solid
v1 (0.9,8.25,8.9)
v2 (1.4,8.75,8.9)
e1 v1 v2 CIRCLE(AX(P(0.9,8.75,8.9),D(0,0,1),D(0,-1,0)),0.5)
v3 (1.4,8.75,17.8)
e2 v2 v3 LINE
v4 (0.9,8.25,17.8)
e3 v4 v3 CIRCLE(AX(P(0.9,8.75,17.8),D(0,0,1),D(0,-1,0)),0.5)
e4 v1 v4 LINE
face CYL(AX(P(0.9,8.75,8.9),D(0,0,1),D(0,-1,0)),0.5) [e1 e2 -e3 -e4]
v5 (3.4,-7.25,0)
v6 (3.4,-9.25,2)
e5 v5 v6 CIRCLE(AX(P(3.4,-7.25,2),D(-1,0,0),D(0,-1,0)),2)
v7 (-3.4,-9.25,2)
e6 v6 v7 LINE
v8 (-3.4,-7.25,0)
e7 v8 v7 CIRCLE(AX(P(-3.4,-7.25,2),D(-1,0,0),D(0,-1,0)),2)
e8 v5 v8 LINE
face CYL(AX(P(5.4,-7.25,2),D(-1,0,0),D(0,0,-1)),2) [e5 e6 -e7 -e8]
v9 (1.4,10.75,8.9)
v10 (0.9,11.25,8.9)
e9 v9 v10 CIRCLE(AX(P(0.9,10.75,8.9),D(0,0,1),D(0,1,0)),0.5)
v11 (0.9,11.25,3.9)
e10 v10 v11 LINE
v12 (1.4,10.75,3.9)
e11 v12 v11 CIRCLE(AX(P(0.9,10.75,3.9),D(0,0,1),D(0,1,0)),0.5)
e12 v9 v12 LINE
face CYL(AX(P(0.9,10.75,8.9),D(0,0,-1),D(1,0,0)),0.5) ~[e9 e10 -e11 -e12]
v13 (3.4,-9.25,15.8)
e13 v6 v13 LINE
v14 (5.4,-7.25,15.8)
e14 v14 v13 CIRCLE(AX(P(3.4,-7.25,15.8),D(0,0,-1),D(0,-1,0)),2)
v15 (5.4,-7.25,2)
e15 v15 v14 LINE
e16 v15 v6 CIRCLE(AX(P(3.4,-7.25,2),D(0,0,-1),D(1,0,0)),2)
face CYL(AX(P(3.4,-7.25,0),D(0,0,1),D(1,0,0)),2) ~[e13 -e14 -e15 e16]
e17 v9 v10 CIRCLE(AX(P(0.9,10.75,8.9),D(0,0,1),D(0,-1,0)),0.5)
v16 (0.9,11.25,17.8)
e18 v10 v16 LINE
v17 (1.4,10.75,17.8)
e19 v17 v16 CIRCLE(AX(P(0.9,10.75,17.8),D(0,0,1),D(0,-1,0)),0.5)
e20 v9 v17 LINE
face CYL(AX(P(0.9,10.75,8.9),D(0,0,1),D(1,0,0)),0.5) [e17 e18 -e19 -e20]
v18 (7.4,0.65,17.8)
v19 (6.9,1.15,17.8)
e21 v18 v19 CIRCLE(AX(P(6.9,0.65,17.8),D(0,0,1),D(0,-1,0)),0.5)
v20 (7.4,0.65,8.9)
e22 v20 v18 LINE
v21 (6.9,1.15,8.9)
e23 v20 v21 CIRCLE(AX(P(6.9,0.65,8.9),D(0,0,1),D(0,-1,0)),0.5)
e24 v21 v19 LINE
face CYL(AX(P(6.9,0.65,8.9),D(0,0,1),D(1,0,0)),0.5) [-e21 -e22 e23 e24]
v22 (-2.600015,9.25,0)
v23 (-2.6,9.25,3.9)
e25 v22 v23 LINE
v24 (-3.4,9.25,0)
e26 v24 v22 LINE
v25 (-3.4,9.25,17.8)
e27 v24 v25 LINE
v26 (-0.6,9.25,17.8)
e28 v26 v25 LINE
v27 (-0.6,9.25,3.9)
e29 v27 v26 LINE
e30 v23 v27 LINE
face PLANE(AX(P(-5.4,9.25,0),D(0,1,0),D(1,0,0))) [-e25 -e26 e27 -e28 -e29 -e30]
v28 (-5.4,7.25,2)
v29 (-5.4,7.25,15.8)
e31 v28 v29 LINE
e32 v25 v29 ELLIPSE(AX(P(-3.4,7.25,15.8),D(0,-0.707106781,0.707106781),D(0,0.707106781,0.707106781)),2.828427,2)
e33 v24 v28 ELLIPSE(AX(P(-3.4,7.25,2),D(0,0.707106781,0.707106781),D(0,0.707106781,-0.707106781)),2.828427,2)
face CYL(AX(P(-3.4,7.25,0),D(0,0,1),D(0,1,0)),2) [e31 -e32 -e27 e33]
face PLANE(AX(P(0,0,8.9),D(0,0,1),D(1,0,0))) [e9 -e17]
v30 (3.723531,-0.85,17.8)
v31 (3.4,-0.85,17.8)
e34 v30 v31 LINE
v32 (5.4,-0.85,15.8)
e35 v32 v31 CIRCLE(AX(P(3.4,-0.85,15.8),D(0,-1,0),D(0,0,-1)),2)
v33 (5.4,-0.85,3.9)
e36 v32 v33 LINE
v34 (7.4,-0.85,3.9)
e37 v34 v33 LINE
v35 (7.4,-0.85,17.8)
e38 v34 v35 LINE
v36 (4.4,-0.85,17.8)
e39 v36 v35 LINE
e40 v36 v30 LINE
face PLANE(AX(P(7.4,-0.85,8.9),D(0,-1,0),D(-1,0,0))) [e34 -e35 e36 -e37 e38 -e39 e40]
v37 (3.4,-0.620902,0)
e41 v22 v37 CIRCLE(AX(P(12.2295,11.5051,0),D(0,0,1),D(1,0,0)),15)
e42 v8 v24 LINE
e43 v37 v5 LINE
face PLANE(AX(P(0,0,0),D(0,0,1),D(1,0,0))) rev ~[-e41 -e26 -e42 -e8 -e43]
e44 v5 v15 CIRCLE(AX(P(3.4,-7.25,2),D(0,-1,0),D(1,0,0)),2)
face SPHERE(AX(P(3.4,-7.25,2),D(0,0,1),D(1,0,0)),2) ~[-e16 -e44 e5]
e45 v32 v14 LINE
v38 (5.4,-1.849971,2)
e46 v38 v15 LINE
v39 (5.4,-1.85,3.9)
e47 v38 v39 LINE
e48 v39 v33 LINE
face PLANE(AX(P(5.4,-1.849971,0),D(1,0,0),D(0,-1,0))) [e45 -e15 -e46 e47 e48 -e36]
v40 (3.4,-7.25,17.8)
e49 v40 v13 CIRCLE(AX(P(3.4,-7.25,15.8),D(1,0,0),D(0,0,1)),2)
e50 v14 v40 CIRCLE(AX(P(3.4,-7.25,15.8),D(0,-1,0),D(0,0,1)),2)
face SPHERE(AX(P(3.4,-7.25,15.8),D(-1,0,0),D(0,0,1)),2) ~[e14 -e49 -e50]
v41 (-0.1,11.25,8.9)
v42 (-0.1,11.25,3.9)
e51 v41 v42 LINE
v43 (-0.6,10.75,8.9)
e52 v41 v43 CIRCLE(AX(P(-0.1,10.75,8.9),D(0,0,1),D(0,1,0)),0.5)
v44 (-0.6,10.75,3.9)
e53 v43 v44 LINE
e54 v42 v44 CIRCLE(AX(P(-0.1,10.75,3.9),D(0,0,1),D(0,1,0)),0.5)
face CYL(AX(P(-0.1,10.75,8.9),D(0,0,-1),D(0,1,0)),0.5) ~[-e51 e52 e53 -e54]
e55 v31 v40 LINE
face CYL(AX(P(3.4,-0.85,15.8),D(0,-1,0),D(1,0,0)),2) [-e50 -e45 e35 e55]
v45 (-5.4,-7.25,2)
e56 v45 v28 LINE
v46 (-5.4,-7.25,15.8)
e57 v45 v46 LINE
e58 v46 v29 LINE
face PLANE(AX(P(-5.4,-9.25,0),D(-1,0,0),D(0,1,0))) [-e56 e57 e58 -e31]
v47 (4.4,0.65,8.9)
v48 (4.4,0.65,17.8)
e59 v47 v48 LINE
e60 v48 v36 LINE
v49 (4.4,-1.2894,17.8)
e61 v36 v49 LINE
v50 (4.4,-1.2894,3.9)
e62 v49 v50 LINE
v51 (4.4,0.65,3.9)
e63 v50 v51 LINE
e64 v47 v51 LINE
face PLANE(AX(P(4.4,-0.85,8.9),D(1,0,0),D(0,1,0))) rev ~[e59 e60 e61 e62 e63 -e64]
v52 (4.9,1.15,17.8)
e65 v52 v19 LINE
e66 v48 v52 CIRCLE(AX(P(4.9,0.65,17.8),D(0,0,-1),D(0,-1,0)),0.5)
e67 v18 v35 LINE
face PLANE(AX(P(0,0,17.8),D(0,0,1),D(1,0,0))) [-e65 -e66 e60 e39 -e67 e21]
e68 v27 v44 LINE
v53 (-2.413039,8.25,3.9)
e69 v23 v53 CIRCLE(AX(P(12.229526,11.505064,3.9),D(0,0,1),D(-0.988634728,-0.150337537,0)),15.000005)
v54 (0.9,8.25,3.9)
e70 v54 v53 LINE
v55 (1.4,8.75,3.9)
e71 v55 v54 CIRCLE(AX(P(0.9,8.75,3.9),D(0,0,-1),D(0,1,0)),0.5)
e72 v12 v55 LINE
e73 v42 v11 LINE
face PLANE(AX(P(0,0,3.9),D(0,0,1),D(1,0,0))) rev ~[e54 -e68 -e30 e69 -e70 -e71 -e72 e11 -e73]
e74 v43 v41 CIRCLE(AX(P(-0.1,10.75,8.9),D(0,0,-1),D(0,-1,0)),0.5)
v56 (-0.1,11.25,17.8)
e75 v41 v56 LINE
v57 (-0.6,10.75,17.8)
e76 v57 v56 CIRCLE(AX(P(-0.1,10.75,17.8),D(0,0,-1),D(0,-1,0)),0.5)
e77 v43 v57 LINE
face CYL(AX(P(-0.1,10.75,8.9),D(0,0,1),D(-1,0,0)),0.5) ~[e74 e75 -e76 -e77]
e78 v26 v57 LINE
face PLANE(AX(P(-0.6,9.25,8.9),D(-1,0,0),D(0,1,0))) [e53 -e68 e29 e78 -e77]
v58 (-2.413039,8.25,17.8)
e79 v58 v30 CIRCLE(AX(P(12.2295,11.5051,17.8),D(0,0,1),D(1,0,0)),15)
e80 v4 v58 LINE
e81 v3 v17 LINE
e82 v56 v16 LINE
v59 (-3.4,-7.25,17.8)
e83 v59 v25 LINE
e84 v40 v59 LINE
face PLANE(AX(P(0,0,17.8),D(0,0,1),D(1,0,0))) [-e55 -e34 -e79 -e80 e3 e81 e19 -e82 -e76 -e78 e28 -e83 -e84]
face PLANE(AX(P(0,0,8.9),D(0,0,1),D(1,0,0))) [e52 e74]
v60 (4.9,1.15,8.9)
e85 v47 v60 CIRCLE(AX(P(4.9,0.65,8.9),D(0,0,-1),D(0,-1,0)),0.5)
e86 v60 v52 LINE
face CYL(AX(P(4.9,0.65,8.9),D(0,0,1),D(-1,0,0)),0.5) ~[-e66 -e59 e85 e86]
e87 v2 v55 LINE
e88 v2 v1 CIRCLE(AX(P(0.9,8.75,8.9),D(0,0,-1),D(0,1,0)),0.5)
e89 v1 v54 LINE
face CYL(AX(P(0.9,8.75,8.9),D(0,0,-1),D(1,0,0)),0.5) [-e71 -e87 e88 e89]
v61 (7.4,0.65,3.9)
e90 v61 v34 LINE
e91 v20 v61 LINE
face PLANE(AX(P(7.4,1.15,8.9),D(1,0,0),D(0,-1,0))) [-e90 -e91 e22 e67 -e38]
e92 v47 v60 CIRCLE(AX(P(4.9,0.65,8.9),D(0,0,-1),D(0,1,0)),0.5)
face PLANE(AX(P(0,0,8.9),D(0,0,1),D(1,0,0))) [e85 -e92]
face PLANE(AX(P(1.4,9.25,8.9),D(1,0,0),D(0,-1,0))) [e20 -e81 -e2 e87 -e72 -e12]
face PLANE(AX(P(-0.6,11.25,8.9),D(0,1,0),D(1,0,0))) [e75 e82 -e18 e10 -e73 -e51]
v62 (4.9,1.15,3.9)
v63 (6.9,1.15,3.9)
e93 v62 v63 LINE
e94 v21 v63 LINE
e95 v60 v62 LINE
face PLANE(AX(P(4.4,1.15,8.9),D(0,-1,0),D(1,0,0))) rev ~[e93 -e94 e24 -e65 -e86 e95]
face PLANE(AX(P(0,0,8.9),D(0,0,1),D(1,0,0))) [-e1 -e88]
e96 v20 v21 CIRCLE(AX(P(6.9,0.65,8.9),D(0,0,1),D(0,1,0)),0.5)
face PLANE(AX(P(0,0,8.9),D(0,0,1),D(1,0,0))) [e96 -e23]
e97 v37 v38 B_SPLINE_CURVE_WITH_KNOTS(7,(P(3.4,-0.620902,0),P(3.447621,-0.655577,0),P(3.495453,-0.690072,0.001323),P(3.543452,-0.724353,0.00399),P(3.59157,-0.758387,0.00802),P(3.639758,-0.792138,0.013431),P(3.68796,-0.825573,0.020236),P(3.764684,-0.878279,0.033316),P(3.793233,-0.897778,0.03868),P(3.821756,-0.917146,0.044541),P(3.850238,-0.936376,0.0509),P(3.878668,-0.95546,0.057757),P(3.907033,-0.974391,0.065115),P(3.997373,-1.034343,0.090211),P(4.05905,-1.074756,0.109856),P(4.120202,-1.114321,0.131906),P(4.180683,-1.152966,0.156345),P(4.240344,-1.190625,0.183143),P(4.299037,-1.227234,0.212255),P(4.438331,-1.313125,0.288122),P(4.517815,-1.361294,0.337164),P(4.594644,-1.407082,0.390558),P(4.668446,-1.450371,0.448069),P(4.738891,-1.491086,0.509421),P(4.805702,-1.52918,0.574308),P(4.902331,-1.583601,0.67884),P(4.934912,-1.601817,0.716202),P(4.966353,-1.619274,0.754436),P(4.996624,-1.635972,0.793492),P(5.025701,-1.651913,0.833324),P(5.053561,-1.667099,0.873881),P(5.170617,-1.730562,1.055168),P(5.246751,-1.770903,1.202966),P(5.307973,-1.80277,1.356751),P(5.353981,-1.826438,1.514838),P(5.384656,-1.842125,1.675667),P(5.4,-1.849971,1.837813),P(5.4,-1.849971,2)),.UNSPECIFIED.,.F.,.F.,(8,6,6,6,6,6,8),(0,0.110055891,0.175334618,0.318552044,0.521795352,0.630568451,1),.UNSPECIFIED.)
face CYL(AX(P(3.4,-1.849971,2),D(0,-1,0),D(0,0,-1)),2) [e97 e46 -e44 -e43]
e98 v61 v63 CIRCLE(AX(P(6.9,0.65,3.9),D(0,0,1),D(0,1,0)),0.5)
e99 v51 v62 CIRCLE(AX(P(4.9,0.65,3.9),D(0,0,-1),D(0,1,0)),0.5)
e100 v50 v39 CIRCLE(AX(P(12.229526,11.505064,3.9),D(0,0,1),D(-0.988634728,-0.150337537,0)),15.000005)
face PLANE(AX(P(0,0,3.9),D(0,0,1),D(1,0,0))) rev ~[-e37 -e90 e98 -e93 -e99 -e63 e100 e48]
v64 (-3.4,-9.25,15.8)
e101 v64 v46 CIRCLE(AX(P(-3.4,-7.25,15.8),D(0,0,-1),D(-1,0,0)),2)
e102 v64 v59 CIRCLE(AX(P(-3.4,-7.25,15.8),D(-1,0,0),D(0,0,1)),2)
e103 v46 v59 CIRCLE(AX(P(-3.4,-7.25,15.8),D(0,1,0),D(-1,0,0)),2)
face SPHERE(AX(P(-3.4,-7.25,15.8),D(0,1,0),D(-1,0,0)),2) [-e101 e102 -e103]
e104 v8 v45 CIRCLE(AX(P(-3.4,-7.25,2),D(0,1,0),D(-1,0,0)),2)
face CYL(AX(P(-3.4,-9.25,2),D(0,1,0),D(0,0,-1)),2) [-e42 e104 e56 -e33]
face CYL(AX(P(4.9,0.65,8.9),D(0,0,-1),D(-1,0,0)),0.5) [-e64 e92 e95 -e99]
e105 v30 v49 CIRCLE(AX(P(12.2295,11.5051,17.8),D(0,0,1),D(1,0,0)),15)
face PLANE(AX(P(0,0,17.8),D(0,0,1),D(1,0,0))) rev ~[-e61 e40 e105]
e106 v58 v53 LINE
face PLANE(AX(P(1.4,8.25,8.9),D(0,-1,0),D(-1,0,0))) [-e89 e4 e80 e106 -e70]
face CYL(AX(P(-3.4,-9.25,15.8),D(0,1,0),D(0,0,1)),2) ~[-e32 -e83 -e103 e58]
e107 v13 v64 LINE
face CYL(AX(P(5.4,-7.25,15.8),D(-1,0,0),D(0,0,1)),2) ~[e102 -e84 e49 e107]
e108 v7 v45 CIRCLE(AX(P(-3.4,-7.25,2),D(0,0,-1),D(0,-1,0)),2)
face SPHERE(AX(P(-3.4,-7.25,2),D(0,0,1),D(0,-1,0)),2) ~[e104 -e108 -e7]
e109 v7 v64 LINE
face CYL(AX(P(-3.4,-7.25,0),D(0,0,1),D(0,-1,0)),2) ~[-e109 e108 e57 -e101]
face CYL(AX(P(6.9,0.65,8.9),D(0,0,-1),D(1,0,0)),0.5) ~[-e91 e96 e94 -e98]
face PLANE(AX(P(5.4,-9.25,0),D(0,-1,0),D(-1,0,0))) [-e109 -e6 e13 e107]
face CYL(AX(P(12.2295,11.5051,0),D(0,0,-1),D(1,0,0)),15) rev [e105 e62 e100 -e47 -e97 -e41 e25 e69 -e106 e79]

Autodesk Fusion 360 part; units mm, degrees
sketch "Sketch1" plane through (0, 0, 0) normal (0, 0, 1) x (1, 0, 0) in component "Component"
  circle A0 centre (12.2295, 11.5051) radius 15
  line L0 (5.4, -9.25) -> (-5.4, -9.25)
  line L1 (-5.4, -9.25) -> (-5.4, 9.25)
  line L2 (-5.4, 9.25) -> (5.4, 9.25)
  line L3 (5.4, 9.25) -> (5.4, -9.25)
  line L4 (5.4, -9.25) -> (-5.4, 9.25) construction
  line L5 (-5.4, -9.25) -> (5.4, 9.25) construction
  line L6 (-2.6, 9.25) -> (-2.6, -9.25) construction
  line L7 (5.4, -1.85) -> (-5.4, -1.85) construction
  dimension "d1" = 30
  dimension "d2" = 18.5
  dimension "d3" = 10.8
  dimension "d4" = 2.8
  dimension "d5" = 7.4
extrude "Extrude1" add sketch "Sketch1" along normal blind 17.8 contours A0 L0 L1 L2 L3 in component "Component"
ref_plane "WorkPlane1" through (0, 0, 8.9) normal (0, 0, 1) x (1, 0, 0) in component "Component"
sketch "Sketch2" plane through (0, 0, 8.9) normal (0, 0, 1) x (1, 0, 0) in component "Component"
  line L0 (7.4, -0.85) -> (4.4, -0.85)
  line L1 (4.4, -0.85) -> (4.4, 1.15)
  line L2 (4.4, 1.15) -> (7.4, 1.15)
  line L3 (7.4, 1.15) -> (7.4, -0.85)
  line L4 (7.4, -0.85) -> (4.4, 1.15) construction
  line L5 (4.4, -0.85) -> (7.4, 1.15) construction
  line L6 (5.4, -1.85) -> (5.4, -0.85)
  arc A0 (-2.6, 9.25) -> (5.4, -1.85) centre (12.2295, 11.5051) ccw
  line L7 (4.4, -0.85) -> (4.4, -1.2894)
  line L8 (-2.6, 9.25) -> (1.4, 9.25)
  line L9 (1.4, 9.25) -> (1.4, 8.25)
  line L10 (1.4, 8.25) -> (-2.6, 8.25)
  line L11 (-2.6, 8.25) -> (-2.6, 9.25)
  line L12 (1.4, 9.25) -> (-0.6, 9.25)
  line L13 (-0.6, 9.25) -> (-0.6, 11.25)
  line L14 (-0.6, 11.25) -> (1.4, 11.25)
  line L15 (1.4, 11.25) -> (1.4, 9.25)
  point P0 (5.4, -1.85)
  point P1 (5.9, 0.15)
  dimension "d8" = 3
  dimension "d9" = 2
  dimension "d10" = 1
  dimension "d11" = 1
  dimension "d14" = 4
  dimension "d15" = 1
  dimension "d16" = 2
  dimension "d17" = 2
extrude "Extrude3" add sketch "Sketch2" along normal up to surface (8.9 mm away) contours A0 L8 L9 L10 L12 | L8 L12 L13 L14 L15 in component "Component"
extrude "Extrude2" add sketch "Sketch2" along normal up to surface (8.9 mm away) contours L0 L1 L2 L3 | L0 L6 A0 L7 in component "Component"
fillet "Fillet1" radius 2 9 edges at (-5.4, 0, 17.8) (-5.4, -9.25, 8.9) (0, -9.25, 17.8) (5.4, -5.05, 17.8) (5.4, -9.25, 8.9) (5.4, -5.55, 0) (0, -9.25, 0) (-5.4, 0, 0) (-5.4, 9.25, 8.9) in component "Component"
fillet "Fillet2" radius 0.5 5 edges at (4.4, 1.15, 13.35) (7.4, 1.15, 13.35) (1.4, 11.25, 13.35) (-0.6, 11.25, 13.35) (1.4, 8.25, 13.35) in component "Component"
extrude "Extrude4" add sketch "Sketch2" against normal blind 5 contours A0 L8 L9 L10 L12 | L8 L12 L13 L14 L15 in component "Component"
extrude "Extrude5" add sketch "Sketch2" against normal blind 5 contours L0 L1 L2 L3 | L0 L6 A0 L7 in component "Component"
fillet "Fillet3" radius 0.5 4 edges at (7.4, 1.15, 6.4) (4.4, 1.15, 6.4) (1.4, 11.25, 6.4) (-0.6, 11.25, 6.4) in component "Component"
fillet "Fillet4" radius 0.5 1 edges at (1.4, 8.25, 6.4) in component "Component"
component "Component" placed x (1, 0, 0) y (0, 1, 0) z (0, 0, 1) at (0, 0, 0)
